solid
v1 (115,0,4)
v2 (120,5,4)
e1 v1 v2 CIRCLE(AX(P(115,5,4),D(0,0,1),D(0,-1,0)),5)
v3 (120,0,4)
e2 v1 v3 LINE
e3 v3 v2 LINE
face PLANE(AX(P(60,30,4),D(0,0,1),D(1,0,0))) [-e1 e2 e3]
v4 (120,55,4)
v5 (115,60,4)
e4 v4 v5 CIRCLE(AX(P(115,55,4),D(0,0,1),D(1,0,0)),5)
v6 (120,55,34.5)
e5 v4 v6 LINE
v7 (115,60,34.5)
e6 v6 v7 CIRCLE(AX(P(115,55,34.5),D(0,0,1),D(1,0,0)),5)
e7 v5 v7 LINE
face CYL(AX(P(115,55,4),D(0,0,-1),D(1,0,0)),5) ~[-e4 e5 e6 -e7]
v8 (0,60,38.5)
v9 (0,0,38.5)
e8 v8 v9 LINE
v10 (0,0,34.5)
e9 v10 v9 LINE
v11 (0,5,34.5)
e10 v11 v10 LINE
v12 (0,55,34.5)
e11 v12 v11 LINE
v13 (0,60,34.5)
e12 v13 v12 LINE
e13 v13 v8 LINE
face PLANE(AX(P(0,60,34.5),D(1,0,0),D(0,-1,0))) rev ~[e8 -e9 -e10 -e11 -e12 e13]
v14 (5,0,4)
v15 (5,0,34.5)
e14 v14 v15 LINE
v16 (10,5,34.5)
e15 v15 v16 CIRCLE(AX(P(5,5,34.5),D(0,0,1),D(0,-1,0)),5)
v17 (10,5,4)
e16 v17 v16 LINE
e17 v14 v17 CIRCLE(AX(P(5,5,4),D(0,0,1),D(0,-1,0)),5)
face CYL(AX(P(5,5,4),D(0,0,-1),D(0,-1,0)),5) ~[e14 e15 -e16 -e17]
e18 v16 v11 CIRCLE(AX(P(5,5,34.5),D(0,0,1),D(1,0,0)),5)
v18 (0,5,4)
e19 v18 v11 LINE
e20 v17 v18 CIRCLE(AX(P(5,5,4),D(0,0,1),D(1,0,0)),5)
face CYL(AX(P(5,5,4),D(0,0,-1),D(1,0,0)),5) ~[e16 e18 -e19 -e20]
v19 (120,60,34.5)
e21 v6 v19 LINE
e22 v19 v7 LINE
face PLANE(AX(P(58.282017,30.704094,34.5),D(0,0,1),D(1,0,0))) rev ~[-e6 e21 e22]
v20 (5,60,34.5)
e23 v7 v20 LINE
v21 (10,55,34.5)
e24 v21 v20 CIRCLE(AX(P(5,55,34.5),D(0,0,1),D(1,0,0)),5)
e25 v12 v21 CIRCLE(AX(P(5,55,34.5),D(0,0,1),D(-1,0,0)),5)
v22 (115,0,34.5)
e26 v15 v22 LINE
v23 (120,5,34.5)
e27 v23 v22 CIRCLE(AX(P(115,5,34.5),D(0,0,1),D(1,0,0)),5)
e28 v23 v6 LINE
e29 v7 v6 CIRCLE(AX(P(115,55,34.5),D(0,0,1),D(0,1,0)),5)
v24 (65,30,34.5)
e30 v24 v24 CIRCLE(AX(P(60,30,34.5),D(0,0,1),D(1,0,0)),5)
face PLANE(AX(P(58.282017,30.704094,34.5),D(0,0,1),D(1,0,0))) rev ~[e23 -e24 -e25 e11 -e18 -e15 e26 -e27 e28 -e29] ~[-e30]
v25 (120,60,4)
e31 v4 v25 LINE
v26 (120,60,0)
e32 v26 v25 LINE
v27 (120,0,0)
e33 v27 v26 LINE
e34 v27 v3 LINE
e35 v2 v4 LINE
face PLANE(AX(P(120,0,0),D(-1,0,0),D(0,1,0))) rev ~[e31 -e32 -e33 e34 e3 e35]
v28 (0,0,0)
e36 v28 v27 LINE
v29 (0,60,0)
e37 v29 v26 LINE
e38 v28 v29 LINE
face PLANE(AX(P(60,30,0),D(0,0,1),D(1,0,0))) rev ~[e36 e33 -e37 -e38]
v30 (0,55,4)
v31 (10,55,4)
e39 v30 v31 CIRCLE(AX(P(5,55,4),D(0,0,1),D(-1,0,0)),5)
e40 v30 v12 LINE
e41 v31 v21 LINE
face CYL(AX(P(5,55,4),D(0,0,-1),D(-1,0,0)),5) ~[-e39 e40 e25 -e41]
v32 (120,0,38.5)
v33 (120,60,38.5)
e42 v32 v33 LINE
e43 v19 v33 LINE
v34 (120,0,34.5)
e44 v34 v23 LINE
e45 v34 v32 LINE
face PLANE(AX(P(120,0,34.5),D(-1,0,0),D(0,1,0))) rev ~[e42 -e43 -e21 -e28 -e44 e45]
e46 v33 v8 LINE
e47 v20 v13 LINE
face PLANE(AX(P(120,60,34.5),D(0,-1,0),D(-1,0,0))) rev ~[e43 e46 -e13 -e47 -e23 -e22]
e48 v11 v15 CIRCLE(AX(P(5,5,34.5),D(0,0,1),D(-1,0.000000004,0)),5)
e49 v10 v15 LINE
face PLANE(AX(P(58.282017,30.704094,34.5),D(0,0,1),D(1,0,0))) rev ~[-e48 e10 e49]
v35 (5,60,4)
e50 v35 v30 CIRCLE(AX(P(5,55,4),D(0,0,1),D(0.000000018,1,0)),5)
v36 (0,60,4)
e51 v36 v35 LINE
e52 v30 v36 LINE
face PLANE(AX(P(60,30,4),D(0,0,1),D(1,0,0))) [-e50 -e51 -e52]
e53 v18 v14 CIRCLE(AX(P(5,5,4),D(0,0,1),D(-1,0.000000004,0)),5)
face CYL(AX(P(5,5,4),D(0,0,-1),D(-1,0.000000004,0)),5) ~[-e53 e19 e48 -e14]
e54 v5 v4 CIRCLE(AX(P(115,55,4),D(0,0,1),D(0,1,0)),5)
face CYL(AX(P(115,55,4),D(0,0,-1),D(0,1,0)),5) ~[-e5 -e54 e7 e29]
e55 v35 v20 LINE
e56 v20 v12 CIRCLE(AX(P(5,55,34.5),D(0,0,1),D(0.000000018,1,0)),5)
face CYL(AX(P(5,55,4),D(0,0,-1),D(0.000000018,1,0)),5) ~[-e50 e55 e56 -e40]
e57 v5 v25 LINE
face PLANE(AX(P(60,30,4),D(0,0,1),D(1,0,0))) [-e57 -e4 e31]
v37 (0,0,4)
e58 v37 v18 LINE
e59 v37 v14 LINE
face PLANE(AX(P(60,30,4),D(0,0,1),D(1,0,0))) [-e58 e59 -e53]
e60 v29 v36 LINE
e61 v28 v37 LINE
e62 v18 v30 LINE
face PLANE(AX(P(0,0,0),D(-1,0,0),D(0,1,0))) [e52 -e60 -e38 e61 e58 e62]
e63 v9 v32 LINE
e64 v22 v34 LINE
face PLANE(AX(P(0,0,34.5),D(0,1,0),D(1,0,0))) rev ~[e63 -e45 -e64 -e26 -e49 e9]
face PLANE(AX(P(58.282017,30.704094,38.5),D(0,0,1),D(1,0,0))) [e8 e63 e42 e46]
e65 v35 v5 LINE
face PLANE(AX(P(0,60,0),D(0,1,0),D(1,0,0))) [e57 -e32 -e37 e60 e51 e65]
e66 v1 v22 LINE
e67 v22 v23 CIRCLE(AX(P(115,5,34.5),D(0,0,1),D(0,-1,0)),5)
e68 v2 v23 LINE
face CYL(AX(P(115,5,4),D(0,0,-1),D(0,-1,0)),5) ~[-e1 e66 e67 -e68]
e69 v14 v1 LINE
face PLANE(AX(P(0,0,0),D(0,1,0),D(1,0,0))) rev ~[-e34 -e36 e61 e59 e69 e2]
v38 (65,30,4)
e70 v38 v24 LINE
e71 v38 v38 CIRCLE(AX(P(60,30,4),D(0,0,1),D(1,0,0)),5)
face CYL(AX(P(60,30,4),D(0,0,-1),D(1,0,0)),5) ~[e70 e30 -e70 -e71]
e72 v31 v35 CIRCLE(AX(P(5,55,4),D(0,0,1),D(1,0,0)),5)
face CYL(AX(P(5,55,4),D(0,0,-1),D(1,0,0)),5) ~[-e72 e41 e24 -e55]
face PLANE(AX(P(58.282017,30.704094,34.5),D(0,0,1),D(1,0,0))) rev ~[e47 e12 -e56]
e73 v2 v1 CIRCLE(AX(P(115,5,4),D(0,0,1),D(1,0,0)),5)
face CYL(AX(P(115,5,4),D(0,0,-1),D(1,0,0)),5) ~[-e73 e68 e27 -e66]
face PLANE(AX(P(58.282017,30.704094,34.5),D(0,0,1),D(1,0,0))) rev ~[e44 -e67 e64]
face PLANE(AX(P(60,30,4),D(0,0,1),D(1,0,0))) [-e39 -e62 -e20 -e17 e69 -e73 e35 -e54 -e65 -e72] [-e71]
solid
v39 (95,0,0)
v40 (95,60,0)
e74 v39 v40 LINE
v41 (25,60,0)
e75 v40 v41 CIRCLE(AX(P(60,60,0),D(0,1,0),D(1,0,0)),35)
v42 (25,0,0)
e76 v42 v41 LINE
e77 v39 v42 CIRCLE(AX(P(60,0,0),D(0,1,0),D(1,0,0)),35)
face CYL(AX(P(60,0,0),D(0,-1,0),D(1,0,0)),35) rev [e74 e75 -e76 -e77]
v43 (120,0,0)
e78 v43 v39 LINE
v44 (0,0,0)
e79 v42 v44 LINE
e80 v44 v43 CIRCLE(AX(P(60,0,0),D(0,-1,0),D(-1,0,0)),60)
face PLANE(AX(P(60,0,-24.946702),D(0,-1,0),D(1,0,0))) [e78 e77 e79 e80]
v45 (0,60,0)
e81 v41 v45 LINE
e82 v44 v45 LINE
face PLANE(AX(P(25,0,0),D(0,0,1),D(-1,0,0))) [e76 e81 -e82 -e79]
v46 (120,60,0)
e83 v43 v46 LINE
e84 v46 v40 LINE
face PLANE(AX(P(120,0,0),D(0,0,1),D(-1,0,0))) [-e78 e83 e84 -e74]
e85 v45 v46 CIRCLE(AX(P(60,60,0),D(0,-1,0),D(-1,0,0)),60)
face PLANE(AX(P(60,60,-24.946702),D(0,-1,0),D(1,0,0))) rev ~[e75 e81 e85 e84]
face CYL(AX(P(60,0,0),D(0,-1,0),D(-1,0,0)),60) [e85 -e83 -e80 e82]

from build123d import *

# Parameters (mm, degrees)
F0_W      = 120
F0_H      = 60
F1_DEPTH  = 4
F2_R      = 5
F3_DEPTH  = 30.5
F5_DEPTH  = 30.5
F7_DEPTH  = 4
F10_DEPTH = 60


with BuildPart() as f1:
    # F0 (on Top) → F1 (new body)
    with BuildSketch(Plane.XY):
        with Locations((60, 30)):
            Rectangle(F0_W, F0_H)
    extrude(amount=F1_DEPTH)

    # F2 (on face) → F3 (join)
    with BuildSketch(Plane.XY.offset(4)):
        with Locations((60, 30)):
            Circle(F2_R)
    extrude(amount=F3_DEPTH)

    # F4 (on face) → F5 (join)
    with BuildSketch(Plane.XY.offset(4)):
        with BuildLine():
            ThreePointArc((0, 55), (5, 50), (10, 55))
            ThreePointArc((10, 55), (8.5355339376, 58.5355338743), (5.0000000895, 60))
            ThreePointArc((5.0000000895, 60), (1.4644661257, 58.5355339376), (0, 55))
        make_face()
        with BuildLine():
            ThreePointArc((10, 5), (5.0000000094, 10), (0, 5.0000000189))
            ThreePointArc((0, 5.0000000189), (1.4644660874, 1.4644661007), (5, 0))
            ThreePointArc((5, 0), (8.5355339059, 1.4644660941), (10, 5))
        make_face()
        with BuildLine():
            ThreePointArc((120, 55), (118.5355339059, 58.5355339059), (115, 60))
            ThreePointArc((115, 60), (111.4644660941, 51.4644660941), (120, 55))
        make_face()
        with BuildLine():
            ThreePointArc((115, 0), (118.5355339059, 1.4644660941), (120, 5))
            ThreePointArc((120, 5), (111.4644660941, 8.5355339059), (115, 0))
        make_face()
    extrude(amount=F5_DEPTH)

    # F6 (on face) → F7 (join)
    with BuildSketch(Plane.XY.offset(34.5)):
        with BuildLine():
            Line((0, 55), (0, 0))
            Line((0, 0), (120, 0))
            Line((120, 0), (120, 60))
            Line((120, 60), (5, 60))
            ThreePointArc((5, 60), (8.5355339059, 58.5355339059), (10, 55))
            ThreePointArc((10, 55), (5, 50), (0, 55))
        make_face()
        with BuildLine():
            Line((0, 60), (0, 55))
            ThreePointArc((0, 55), (1.4644660941, 58.5355339059), (5, 60))
            Line((5, 60), (0, 60))
        make_face()
        with BuildLine():
            ThreePointArc((5, 60), (1.4644660941, 58.5355339059), (0, 55))
            ThreePointArc((0, 55), (5, 50), (10, 55))
            ThreePointArc((10, 55), (8.5355339059, 58.5355339059), (5, 60))
        make_face()
    extrude(amount=F7_DEPTH)


with BuildPart() as f10:
    # F9 (on Front) → F10 (new body)
    with BuildSketch(Plane.XZ):
        with BuildLine():
            ThreePointArc((95, 0), (60, -35), (25, 0))
            Line((25, 0), (0, 0))
            ThreePointArc((0, 0), (60, -60), (120, 0))
            Line((120, 0), (95, 0))
        make_face()
    extrude(amount=-F10_DEPTH)


solid = Compound([f1.part, f10.part])
